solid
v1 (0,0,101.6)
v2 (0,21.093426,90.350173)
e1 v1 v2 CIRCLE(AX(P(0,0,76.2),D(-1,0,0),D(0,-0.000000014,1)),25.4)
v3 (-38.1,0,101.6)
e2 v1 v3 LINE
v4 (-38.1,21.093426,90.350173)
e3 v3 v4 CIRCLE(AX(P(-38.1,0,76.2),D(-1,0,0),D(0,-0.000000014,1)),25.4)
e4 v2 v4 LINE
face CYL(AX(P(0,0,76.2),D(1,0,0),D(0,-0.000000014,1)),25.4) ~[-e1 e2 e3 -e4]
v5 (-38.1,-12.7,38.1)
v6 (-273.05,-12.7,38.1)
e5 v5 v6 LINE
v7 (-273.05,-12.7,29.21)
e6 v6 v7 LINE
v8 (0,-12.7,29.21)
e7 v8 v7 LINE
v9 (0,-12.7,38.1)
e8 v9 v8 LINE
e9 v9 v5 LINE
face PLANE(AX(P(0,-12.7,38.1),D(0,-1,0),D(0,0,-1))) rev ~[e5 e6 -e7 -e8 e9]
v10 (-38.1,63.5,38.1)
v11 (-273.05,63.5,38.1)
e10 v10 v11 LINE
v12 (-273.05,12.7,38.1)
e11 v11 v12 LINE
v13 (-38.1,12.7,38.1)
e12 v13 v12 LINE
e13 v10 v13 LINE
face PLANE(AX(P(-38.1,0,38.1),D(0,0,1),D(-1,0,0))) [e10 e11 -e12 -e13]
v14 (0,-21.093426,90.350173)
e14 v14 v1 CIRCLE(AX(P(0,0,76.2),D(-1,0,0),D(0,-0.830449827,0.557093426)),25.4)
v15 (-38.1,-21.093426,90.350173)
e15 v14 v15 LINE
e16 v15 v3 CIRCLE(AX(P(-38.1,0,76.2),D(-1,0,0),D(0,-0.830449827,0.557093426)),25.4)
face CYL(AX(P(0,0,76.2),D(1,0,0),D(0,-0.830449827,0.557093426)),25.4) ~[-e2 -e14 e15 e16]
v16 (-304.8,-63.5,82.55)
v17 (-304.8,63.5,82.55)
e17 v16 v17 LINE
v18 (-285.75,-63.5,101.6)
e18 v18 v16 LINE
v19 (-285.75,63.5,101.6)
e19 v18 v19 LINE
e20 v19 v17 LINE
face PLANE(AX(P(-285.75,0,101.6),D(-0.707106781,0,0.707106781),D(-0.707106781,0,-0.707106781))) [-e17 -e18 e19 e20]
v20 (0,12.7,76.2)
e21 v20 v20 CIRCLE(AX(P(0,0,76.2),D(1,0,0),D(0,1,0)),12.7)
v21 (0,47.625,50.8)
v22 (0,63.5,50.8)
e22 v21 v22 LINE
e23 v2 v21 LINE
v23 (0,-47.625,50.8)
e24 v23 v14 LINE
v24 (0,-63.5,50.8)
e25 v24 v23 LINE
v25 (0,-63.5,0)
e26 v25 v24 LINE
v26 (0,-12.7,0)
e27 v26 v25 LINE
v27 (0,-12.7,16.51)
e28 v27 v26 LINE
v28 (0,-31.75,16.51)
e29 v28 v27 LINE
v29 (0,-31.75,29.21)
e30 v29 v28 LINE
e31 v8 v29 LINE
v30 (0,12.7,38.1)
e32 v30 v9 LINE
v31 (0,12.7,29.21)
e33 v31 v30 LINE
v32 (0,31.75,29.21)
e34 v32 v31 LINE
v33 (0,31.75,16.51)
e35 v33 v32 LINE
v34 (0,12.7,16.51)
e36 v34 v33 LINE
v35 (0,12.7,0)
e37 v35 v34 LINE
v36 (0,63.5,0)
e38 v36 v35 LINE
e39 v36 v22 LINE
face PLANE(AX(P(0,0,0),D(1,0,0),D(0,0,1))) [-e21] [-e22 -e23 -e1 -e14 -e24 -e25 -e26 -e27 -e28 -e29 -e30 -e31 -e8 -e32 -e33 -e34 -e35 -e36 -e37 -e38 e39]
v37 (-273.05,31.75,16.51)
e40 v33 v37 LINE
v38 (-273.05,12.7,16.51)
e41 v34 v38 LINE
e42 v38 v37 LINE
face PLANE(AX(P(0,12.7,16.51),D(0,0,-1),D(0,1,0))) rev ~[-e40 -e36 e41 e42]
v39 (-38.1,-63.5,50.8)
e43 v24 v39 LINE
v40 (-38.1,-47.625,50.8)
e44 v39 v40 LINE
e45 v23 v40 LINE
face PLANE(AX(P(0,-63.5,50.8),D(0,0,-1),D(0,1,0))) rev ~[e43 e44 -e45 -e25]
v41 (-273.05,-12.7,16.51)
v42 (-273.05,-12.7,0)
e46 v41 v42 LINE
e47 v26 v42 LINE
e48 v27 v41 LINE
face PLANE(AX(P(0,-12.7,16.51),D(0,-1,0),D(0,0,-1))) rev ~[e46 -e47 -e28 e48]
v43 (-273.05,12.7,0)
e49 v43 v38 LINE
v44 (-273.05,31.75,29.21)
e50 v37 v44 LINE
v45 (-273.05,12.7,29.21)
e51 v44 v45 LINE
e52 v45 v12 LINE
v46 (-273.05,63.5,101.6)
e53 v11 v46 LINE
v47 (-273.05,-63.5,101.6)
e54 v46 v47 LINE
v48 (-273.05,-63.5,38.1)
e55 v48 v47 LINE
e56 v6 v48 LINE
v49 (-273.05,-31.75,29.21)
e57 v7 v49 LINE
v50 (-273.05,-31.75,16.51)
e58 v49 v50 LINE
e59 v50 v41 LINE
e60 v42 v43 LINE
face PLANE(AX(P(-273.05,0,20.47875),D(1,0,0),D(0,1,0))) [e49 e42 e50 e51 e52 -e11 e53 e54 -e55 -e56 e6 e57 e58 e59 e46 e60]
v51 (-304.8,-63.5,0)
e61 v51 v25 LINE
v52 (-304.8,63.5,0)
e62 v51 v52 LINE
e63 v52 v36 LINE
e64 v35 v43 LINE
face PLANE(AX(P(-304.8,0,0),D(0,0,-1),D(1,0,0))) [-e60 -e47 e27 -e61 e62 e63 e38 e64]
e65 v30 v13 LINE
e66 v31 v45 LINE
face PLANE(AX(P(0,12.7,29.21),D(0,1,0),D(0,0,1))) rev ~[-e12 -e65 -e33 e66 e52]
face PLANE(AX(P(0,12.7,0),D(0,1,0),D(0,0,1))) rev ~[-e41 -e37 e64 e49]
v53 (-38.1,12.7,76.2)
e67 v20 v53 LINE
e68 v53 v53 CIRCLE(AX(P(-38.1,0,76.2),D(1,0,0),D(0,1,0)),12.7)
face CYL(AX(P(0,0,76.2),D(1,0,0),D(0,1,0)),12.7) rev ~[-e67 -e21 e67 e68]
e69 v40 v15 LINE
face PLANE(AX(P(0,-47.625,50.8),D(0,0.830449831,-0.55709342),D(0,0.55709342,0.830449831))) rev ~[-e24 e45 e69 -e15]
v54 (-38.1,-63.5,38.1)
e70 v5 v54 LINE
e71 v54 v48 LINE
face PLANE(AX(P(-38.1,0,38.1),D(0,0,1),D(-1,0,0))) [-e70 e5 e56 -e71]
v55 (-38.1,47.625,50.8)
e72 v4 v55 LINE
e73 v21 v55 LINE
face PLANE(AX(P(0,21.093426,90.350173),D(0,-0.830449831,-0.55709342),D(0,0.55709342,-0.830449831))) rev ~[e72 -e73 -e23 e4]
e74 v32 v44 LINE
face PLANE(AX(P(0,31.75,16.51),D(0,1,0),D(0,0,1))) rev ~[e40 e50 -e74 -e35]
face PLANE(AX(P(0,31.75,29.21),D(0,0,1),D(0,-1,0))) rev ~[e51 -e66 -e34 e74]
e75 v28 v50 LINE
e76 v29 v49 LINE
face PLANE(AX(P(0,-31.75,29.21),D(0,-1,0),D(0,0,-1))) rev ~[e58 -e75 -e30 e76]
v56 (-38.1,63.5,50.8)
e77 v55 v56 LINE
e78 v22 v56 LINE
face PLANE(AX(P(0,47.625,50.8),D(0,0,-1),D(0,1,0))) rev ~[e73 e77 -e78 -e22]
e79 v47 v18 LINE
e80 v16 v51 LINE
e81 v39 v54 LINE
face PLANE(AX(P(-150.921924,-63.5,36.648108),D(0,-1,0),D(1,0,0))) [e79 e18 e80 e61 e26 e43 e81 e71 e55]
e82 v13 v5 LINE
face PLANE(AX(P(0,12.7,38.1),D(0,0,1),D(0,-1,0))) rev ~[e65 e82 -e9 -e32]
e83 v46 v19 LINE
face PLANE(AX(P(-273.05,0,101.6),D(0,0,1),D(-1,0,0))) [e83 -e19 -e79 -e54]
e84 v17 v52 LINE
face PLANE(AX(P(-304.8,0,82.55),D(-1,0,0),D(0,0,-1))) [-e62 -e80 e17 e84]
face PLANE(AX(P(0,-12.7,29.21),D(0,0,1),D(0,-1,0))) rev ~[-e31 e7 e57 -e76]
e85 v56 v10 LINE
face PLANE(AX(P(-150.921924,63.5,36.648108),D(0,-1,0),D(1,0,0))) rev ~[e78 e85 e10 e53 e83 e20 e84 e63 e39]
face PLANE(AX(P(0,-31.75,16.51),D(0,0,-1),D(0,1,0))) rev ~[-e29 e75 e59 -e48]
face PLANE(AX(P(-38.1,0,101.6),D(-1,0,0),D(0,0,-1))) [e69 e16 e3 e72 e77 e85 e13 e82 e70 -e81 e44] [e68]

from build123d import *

# Parameters (mm, degrees)
F1_DEPTH = 63.5
F3_DEPTH = 38.1
F2_R     = 12.7
F4_DEPTH = 38.1
F5_DEPTH = 273.05


with BuildPart() as f1:
    # F0 (on Front) → F1 (new body, symmetric)
    with BuildSketch(Plane.XZ):
        Polygon((-304.8, 0), (0, 0), (0, 101.6), (-38.1, 101.6), (-38.1, 38.1), (-273.05, 38.1), (-273.05, 101.6), (-285.75, 101.6), (-304.8, 82.55), align=None)
    extrude(amount=F1_DEPTH, both=True)

    # F2 (on face) → F3 (cut, through all)
    with BuildSketch(Plane.YZ):
        with BuildLine():
            Line((-63.5, 101.6), (-63.5, 50.8))
            Line((-63.5, 50.8), (-47.625, 50.8))
            Line((-47.625, 50.8), (-21.093426, 90.350173))
            ThreePointArc((-21.093426, 90.350173), (-11.952941, 98.611765), (0, 101.6))
            Line((0, 101.6), (-63.5, 101.6))
        make_face()
        with BuildLine():
            Line((63.5, 101.6), (0, 101.6))
            ThreePointArc((0, 101.6), (11.952941, 98.611765), (21.093426, 90.350173))
            Line((21.093426, 90.350173), (47.625, 50.8))
            Line((47.625, 50.8), (63.5, 50.8))
            Line((63.5, 50.8), (63.5, 101.6))
        make_face()
    extrude(amount=-F3_DEPTH, mode=Mode.SUBTRACT)

    # F2 (on face) → F4 (cut, through all)
    with BuildSketch(Plane.YZ):
        with Locations((0, 76.2)):
            Circle(F2_R)
    extrude(amount=-F4_DEPTH, mode=Mode.SUBTRACT)

    # F2 (on face) → F5 (cut, through all)
    with BuildSketch(Plane.YZ):
        Polygon((-12.7, 16.51), (-12.7, 0), (0, 0), (12.7, 0), (12.7, 16.51), (31.75, 16.51), (31.75, 29.21), (12.7, 29.21), (12.7, 38.1), (-12.7, 38.1), (-12.7, 29.21), (-31.75, 29.21), (-31.75, 16.51), align=None)
    extrude(amount=-F5_DEPTH, mode=Mode.SUBTRACT)


solid = f1.part
